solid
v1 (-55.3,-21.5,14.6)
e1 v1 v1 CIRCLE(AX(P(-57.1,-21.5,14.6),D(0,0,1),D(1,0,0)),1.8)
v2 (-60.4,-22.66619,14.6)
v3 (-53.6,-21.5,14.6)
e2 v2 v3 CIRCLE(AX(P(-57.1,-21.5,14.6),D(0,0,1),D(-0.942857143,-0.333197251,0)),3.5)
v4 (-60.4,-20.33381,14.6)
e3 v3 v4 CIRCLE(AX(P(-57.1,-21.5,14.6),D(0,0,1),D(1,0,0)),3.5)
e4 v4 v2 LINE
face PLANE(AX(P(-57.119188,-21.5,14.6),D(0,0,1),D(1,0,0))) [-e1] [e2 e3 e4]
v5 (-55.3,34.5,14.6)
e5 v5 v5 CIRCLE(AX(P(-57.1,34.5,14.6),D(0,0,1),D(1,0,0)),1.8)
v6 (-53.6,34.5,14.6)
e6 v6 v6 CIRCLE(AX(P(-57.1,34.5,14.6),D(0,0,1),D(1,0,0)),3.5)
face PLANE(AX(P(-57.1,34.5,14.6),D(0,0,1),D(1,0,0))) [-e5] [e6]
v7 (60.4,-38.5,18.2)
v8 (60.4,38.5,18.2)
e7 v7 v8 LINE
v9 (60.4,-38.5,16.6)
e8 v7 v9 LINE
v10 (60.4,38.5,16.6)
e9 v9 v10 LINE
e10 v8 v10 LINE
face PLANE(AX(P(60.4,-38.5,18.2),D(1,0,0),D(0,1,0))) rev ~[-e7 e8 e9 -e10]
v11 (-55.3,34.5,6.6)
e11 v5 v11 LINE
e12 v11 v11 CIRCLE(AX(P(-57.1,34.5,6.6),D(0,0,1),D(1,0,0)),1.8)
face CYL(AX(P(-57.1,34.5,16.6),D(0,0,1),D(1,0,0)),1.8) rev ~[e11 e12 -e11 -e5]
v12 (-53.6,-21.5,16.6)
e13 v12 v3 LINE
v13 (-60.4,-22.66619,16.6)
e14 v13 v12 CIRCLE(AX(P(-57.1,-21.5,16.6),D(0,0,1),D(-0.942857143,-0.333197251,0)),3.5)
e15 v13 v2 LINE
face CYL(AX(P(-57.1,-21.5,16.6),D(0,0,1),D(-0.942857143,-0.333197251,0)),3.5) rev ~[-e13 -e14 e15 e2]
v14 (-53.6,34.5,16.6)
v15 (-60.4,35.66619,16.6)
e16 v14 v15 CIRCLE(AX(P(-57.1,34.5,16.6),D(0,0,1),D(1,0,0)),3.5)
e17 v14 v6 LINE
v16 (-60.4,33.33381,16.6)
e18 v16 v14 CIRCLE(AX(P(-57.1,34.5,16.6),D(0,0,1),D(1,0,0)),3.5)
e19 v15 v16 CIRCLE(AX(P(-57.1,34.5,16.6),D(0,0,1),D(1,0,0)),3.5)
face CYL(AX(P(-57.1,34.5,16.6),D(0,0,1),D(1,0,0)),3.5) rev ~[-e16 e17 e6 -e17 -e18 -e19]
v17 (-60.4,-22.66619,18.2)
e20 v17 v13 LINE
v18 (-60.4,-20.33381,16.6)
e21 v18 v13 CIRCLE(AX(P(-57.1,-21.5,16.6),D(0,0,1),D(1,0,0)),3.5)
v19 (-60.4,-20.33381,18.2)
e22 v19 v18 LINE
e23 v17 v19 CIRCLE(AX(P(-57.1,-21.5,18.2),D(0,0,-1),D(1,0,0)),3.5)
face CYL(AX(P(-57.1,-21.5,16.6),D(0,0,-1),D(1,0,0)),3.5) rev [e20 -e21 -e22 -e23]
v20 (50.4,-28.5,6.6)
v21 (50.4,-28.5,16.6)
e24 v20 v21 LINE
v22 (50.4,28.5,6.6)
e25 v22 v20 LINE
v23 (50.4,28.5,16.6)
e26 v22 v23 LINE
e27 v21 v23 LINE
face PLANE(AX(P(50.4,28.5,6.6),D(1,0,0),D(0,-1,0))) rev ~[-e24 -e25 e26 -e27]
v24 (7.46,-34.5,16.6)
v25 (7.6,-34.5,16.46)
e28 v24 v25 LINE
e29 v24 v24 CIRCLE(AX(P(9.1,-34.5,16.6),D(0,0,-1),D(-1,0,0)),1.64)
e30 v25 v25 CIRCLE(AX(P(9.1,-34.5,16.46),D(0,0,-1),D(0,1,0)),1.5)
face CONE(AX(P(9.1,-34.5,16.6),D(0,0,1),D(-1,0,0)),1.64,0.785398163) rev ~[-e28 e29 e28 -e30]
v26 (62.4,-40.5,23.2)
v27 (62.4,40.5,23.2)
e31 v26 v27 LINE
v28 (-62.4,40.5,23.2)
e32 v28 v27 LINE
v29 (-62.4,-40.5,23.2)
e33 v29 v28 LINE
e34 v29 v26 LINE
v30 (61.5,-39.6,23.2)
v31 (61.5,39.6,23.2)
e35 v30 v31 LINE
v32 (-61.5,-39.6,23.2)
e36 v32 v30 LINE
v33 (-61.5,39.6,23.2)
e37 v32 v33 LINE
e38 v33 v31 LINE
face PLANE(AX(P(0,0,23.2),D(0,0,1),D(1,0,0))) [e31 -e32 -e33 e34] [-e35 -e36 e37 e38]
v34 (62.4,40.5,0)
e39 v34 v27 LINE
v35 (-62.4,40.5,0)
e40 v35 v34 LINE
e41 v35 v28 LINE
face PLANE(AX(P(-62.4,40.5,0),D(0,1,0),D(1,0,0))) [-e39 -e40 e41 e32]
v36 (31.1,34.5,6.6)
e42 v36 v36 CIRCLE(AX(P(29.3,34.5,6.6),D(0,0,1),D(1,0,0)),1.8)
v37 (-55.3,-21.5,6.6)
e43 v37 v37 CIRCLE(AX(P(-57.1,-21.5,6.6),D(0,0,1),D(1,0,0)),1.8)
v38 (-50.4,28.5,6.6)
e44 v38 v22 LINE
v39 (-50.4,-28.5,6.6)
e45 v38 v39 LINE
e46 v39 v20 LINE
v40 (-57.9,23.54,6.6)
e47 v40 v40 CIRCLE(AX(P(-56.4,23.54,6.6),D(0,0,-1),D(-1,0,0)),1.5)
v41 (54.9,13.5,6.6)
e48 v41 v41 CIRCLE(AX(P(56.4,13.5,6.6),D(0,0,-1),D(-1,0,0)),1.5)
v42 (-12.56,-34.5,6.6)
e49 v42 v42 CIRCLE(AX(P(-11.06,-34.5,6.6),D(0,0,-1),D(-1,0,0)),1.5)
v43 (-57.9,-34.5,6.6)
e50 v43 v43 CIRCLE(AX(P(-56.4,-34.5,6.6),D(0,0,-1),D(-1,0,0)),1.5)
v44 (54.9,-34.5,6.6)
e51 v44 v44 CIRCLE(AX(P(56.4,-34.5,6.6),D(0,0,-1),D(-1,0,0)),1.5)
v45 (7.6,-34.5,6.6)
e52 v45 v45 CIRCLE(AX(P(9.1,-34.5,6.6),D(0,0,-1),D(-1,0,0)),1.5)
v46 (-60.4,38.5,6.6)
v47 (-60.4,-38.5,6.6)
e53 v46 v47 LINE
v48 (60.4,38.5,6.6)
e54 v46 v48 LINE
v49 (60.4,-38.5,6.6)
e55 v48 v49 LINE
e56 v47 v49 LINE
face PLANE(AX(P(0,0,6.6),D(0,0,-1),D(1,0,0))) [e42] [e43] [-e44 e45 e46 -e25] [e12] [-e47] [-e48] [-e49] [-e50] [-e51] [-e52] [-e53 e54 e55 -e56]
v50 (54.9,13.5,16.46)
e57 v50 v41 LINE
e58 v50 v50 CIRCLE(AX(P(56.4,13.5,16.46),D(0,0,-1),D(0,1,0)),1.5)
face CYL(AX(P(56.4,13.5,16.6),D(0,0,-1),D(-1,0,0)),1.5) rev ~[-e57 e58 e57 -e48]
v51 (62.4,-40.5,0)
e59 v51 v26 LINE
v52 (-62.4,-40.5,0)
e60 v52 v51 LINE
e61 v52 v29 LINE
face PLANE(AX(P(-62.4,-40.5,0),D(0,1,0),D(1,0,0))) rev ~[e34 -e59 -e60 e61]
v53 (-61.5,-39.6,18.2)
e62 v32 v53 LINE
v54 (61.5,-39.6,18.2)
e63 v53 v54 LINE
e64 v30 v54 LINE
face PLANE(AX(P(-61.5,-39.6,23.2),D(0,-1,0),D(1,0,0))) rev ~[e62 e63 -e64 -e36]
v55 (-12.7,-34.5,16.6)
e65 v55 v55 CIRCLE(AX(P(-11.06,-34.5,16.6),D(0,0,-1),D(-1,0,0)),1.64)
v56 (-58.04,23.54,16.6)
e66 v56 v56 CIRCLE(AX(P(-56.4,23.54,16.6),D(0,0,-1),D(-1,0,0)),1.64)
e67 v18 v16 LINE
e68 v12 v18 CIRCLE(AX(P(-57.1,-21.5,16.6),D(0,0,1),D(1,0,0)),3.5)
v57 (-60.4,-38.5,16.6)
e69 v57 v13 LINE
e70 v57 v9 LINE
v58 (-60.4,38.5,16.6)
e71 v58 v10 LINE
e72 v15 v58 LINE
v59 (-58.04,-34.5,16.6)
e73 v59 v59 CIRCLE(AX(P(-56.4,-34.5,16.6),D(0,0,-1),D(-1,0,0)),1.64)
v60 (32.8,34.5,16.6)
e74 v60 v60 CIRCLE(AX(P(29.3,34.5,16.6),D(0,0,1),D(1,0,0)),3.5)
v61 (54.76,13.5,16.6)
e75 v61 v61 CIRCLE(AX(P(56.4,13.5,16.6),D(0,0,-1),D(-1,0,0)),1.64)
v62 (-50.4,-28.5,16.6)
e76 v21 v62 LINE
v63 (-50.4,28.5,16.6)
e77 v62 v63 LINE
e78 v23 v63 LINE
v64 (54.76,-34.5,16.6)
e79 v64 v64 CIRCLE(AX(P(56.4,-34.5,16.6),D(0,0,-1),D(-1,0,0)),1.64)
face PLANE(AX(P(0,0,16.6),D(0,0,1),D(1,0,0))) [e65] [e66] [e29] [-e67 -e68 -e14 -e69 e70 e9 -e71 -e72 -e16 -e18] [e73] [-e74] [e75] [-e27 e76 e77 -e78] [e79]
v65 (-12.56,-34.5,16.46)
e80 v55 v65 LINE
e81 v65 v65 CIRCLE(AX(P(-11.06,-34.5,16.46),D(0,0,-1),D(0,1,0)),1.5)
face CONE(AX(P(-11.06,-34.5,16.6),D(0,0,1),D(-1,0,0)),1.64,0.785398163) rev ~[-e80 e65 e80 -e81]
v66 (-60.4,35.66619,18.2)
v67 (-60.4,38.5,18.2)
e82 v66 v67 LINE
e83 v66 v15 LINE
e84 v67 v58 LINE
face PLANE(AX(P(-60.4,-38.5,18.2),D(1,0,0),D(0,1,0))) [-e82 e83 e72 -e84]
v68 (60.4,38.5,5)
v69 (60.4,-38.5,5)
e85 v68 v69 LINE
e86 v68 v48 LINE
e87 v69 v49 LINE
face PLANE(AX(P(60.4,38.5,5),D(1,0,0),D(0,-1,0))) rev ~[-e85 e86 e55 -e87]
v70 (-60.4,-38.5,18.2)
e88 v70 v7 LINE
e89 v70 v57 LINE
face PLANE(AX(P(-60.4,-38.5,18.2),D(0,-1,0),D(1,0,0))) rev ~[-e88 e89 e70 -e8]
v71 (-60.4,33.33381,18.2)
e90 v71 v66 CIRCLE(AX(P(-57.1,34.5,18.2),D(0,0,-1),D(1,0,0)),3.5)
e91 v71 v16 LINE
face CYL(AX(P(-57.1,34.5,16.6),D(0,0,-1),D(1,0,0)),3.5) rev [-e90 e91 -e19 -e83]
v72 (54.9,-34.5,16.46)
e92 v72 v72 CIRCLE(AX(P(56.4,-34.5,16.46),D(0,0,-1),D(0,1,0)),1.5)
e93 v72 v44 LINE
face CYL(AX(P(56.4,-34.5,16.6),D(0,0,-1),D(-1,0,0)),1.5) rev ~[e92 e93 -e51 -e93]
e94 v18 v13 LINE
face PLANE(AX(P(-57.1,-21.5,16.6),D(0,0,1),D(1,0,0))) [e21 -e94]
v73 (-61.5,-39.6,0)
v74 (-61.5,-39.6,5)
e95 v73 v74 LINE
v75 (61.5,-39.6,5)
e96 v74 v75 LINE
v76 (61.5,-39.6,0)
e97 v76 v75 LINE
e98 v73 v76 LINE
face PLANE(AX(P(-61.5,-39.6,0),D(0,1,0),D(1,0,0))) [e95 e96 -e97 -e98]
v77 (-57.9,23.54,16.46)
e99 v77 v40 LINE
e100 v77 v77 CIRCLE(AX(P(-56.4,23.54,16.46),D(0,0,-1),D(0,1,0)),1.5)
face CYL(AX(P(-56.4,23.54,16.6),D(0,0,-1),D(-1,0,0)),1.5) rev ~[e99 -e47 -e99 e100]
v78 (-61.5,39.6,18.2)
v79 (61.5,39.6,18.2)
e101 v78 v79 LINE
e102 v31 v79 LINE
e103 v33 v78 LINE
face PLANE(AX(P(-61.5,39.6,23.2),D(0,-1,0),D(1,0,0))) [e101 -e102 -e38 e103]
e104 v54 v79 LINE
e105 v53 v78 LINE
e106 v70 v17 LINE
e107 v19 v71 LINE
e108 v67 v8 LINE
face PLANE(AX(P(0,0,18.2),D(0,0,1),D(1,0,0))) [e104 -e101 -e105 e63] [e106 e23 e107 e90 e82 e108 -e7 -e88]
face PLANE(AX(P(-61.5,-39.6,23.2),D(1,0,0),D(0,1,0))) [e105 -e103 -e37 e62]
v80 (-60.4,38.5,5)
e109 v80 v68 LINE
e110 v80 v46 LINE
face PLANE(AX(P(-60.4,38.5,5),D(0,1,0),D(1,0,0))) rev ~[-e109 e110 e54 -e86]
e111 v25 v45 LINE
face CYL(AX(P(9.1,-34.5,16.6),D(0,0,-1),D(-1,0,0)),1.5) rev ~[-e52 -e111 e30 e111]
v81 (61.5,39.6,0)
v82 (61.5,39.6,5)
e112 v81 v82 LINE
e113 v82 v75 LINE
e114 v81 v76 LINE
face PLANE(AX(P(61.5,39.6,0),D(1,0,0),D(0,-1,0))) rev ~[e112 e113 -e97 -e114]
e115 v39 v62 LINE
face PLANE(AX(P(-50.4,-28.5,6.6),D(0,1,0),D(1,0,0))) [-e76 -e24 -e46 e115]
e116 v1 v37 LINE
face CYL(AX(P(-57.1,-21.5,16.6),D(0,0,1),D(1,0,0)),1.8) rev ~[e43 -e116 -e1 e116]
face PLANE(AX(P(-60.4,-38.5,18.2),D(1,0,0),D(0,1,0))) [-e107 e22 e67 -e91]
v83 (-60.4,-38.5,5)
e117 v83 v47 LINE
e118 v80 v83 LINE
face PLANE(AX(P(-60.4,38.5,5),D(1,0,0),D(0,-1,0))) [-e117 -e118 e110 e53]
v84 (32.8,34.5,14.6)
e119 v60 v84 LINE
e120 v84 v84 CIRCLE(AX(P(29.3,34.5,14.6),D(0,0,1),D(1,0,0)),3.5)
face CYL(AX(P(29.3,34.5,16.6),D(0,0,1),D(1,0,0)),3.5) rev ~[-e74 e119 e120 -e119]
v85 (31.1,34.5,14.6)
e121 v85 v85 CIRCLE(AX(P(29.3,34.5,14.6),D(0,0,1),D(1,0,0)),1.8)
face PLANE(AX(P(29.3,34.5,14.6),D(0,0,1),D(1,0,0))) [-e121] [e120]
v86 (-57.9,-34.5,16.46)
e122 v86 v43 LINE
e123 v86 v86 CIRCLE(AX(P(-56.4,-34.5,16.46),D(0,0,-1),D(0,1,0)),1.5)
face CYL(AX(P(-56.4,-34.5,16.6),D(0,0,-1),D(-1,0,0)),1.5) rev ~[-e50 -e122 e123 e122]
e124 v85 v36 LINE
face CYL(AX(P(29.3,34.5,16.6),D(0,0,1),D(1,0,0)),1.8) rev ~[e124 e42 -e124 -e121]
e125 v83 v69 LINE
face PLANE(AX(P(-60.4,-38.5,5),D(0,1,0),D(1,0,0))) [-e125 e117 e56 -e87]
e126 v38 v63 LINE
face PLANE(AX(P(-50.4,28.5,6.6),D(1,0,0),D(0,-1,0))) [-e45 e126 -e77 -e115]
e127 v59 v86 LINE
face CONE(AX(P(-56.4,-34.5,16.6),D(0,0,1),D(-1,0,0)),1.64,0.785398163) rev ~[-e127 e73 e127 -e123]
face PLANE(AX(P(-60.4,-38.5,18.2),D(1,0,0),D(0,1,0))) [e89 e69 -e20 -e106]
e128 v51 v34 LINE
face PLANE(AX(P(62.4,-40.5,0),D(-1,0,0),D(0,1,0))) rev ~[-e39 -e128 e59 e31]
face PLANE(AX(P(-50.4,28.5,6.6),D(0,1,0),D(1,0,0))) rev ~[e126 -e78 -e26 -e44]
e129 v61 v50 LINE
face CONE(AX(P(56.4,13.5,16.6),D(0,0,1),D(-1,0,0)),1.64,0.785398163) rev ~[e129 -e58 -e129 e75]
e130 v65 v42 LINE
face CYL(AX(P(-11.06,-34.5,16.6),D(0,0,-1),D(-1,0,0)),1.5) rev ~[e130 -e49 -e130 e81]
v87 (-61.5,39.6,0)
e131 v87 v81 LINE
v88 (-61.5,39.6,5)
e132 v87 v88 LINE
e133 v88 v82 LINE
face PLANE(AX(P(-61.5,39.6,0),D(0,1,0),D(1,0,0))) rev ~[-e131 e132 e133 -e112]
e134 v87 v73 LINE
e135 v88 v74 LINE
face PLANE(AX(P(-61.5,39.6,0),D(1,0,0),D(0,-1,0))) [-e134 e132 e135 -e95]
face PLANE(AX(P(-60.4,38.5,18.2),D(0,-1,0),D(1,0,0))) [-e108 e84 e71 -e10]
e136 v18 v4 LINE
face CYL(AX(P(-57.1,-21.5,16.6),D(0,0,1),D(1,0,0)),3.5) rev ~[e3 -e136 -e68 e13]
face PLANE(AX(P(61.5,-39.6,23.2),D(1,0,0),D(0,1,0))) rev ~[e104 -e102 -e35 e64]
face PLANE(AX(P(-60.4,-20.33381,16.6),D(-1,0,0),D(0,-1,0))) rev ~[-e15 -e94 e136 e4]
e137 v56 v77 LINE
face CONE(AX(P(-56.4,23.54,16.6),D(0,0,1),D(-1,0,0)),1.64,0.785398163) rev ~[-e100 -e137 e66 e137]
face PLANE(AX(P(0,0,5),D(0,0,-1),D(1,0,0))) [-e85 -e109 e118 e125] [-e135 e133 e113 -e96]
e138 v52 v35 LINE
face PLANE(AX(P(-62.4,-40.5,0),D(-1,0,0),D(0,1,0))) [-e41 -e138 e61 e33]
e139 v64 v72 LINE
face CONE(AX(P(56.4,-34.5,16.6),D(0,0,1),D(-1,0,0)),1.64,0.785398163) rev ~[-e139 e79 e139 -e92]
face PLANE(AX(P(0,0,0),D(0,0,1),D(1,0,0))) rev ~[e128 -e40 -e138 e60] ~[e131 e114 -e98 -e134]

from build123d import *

# Parameters (mm, degrees)
F0_W            = 124.8
F0_H            = 81
F1_DEPTH        = 23.2
F2_W            = 123
F2_H            = 79.2
F3_DEPTH        = 5
F4_W            = 123
F4_H            = 79.2
F5_DEPTH        = 5
F6_W            = 120.8
F6_H            = 77
F7_DEPTH        = 1.6
F8_W            = 120.8
F8_H            = 77
F9_DEPTH        = 1.6
F10_W           = 100.8
F10_H           = 57
F11_DEPTH       = 16.601
F13_R           = 3.5
F14_DEPTH       = 6.601
F15_DEPTH       = 2
F12_R           = 1.8
F16_DEPTH       = 16.601
F17_R           = 1.8
F19_DEPTH       = 16.601
F18_R           = 3.5
F20_DEPTH       = 2
F21_R           = 1.8
F23_DEPTH       = 16.601
F22_R           = 1.8
F24_DEPTH       = 2
F22_R_2         = 3.5
F25_DEPTH       = 25
F27_D           = 3
F27_CSINK_D     = 3.28
F27_CSINK_ANGLE = 90


with BuildPart() as f1:
    # F0 (on Top) → F1 (new body)
    with BuildSketch(Plane.XY):
        Rectangle(F0_W, F0_H)
    extrude(amount=F1_DEPTH)

    # F2 (on face) → F3 (cut)
    with BuildSketch(Plane.XY.offset(23.2)):
        Rectangle(F2_W, F2_H)
    extrude(amount=-F3_DEPTH, mode=Mode.SUBTRACT)

    # F4 (on face) → F5 (cut)
    with BuildSketch(Plane(origin=(0, 0, 0), x_dir=(1, 0, 0), z_dir=(0, 0, -1))):
        Rectangle(F4_W, F4_H)
    extrude(amount=-F5_DEPTH, mode=Mode.SUBTRACT)

    # F6 (on face) → F7 (cut)
    with BuildSketch(Plane.XY.offset(18.2)):
        Rectangle(F6_W, F6_H)
    extrude(amount=-F7_DEPTH, mode=Mode.SUBTRACT)

    # F8 (on face) → F9 (cut)
    with BuildSketch(Plane(origin=(0, 0, 5), x_dir=(1, 0, 0), z_dir=(0, 0, -1))):
        Rectangle(F8_W, F8_H)
    extrude(amount=-F9_DEPTH, mode=Mode.SUBTRACT)

    # F10 (on face) → F11 (cut, through all)
    with BuildSketch(Plane(origin=(0, 0, 6.6), x_dir=(1, 0, 0), z_dir=(0, 0, -1))):
        Rectangle(F10_W, F10_H)
    extrude(amount=-F11_DEPTH, mode=Mode.SUBTRACT)

    # F13 (on face) → F14 (cut, through all)
    with BuildSketch(Plane.XY.offset(16.6)):
        with Locations((-57.1, 34.5)):
            Circle(F13_R)
    extrude(amount=F14_DEPTH, mode=Mode.SUBTRACT)

    # F13 (on face) → F15 (cut)
    with BuildSketch(Plane.XY.offset(16.6)):
        with Locations((-57.1, 34.5)):
            Circle(F13_R)
    extrude(amount=-F15_DEPTH, mode=Mode.SUBTRACT)

    # F12 (on face) → F16 (cut, through all)
    with BuildSketch(Plane.XY.offset(16.6)):
        with Locations((-57.1, 34.5)):
            Circle(F12_R)
    extrude(amount=-F16_DEPTH, mode=Mode.SUBTRACT)

    # F17 (on face) → F19 (cut, through all)
    with BuildSketch(Plane.XY.offset(16.6)):
        with Locations((29.3, 34.5)):
            Circle(F17_R)
    extrude(amount=-F19_DEPTH, mode=Mode.SUBTRACT)

    # F18 (on face) → F20 (cut)
    with BuildSketch(Plane.XY.offset(16.6)):
        with Locations((29.3, 34.5)):
            Circle(F18_R)
    extrude(amount=-F20_DEPTH, mode=Mode.SUBTRACT)

    # F21 (on face) → F23 (cut, through all)
    with BuildSketch(Plane.XY.offset(16.6)):
        with Locations((-57.1, -21.5)):
            Circle(F21_R)
    extrude(amount=-F23_DEPTH, mode=Mode.SUBTRACT)

    # F22 (on face) → F24 (cut)
    with BuildSketch(Plane.XY.offset(16.6)):
        with BuildLine():
            ThreePointArc((-60.4, -22.666190379), (-56.5083920217, -24.9496376621), (-53.6, -21.5))
            ThreePointArc((-53.6, -21.5), (-56.5083920217, -18.0503623379), (-60.4, -20.333809621))
            Line((-60.4, -20.333809621), (-60.4, -22.666190379))
        make_face()
        with Locations((-57.1, -21.5)):
            Circle(F22_R, mode=Mode.SUBTRACT)
    extrude(amount=-F24_DEPTH, mode=Mode.SUBTRACT)

    # F22 (on face) → F25 (cut)
    with BuildSketch(Plane.XY.offset(16.6)):
        with Locations((-57.1, -21.5)):
            Circle(F22_R_2)
    extrude(amount=F25_DEPTH, mode=Mode.SUBTRACT)

    # F27 (through all)
    with Locations(Plane.XY.offset(16.6)):
        with Locations((56.4, 13.5), (56.4, -34.5), (9.1, -34.5), (-11.06, -34.5), (-56.4, -34.5), (-56.4, 23.54)):
            CounterSinkHole(F27_D / 2, F27_CSINK_D / 2, counter_sink_angle=F27_CSINK_ANGLE)


solid = f1.part
